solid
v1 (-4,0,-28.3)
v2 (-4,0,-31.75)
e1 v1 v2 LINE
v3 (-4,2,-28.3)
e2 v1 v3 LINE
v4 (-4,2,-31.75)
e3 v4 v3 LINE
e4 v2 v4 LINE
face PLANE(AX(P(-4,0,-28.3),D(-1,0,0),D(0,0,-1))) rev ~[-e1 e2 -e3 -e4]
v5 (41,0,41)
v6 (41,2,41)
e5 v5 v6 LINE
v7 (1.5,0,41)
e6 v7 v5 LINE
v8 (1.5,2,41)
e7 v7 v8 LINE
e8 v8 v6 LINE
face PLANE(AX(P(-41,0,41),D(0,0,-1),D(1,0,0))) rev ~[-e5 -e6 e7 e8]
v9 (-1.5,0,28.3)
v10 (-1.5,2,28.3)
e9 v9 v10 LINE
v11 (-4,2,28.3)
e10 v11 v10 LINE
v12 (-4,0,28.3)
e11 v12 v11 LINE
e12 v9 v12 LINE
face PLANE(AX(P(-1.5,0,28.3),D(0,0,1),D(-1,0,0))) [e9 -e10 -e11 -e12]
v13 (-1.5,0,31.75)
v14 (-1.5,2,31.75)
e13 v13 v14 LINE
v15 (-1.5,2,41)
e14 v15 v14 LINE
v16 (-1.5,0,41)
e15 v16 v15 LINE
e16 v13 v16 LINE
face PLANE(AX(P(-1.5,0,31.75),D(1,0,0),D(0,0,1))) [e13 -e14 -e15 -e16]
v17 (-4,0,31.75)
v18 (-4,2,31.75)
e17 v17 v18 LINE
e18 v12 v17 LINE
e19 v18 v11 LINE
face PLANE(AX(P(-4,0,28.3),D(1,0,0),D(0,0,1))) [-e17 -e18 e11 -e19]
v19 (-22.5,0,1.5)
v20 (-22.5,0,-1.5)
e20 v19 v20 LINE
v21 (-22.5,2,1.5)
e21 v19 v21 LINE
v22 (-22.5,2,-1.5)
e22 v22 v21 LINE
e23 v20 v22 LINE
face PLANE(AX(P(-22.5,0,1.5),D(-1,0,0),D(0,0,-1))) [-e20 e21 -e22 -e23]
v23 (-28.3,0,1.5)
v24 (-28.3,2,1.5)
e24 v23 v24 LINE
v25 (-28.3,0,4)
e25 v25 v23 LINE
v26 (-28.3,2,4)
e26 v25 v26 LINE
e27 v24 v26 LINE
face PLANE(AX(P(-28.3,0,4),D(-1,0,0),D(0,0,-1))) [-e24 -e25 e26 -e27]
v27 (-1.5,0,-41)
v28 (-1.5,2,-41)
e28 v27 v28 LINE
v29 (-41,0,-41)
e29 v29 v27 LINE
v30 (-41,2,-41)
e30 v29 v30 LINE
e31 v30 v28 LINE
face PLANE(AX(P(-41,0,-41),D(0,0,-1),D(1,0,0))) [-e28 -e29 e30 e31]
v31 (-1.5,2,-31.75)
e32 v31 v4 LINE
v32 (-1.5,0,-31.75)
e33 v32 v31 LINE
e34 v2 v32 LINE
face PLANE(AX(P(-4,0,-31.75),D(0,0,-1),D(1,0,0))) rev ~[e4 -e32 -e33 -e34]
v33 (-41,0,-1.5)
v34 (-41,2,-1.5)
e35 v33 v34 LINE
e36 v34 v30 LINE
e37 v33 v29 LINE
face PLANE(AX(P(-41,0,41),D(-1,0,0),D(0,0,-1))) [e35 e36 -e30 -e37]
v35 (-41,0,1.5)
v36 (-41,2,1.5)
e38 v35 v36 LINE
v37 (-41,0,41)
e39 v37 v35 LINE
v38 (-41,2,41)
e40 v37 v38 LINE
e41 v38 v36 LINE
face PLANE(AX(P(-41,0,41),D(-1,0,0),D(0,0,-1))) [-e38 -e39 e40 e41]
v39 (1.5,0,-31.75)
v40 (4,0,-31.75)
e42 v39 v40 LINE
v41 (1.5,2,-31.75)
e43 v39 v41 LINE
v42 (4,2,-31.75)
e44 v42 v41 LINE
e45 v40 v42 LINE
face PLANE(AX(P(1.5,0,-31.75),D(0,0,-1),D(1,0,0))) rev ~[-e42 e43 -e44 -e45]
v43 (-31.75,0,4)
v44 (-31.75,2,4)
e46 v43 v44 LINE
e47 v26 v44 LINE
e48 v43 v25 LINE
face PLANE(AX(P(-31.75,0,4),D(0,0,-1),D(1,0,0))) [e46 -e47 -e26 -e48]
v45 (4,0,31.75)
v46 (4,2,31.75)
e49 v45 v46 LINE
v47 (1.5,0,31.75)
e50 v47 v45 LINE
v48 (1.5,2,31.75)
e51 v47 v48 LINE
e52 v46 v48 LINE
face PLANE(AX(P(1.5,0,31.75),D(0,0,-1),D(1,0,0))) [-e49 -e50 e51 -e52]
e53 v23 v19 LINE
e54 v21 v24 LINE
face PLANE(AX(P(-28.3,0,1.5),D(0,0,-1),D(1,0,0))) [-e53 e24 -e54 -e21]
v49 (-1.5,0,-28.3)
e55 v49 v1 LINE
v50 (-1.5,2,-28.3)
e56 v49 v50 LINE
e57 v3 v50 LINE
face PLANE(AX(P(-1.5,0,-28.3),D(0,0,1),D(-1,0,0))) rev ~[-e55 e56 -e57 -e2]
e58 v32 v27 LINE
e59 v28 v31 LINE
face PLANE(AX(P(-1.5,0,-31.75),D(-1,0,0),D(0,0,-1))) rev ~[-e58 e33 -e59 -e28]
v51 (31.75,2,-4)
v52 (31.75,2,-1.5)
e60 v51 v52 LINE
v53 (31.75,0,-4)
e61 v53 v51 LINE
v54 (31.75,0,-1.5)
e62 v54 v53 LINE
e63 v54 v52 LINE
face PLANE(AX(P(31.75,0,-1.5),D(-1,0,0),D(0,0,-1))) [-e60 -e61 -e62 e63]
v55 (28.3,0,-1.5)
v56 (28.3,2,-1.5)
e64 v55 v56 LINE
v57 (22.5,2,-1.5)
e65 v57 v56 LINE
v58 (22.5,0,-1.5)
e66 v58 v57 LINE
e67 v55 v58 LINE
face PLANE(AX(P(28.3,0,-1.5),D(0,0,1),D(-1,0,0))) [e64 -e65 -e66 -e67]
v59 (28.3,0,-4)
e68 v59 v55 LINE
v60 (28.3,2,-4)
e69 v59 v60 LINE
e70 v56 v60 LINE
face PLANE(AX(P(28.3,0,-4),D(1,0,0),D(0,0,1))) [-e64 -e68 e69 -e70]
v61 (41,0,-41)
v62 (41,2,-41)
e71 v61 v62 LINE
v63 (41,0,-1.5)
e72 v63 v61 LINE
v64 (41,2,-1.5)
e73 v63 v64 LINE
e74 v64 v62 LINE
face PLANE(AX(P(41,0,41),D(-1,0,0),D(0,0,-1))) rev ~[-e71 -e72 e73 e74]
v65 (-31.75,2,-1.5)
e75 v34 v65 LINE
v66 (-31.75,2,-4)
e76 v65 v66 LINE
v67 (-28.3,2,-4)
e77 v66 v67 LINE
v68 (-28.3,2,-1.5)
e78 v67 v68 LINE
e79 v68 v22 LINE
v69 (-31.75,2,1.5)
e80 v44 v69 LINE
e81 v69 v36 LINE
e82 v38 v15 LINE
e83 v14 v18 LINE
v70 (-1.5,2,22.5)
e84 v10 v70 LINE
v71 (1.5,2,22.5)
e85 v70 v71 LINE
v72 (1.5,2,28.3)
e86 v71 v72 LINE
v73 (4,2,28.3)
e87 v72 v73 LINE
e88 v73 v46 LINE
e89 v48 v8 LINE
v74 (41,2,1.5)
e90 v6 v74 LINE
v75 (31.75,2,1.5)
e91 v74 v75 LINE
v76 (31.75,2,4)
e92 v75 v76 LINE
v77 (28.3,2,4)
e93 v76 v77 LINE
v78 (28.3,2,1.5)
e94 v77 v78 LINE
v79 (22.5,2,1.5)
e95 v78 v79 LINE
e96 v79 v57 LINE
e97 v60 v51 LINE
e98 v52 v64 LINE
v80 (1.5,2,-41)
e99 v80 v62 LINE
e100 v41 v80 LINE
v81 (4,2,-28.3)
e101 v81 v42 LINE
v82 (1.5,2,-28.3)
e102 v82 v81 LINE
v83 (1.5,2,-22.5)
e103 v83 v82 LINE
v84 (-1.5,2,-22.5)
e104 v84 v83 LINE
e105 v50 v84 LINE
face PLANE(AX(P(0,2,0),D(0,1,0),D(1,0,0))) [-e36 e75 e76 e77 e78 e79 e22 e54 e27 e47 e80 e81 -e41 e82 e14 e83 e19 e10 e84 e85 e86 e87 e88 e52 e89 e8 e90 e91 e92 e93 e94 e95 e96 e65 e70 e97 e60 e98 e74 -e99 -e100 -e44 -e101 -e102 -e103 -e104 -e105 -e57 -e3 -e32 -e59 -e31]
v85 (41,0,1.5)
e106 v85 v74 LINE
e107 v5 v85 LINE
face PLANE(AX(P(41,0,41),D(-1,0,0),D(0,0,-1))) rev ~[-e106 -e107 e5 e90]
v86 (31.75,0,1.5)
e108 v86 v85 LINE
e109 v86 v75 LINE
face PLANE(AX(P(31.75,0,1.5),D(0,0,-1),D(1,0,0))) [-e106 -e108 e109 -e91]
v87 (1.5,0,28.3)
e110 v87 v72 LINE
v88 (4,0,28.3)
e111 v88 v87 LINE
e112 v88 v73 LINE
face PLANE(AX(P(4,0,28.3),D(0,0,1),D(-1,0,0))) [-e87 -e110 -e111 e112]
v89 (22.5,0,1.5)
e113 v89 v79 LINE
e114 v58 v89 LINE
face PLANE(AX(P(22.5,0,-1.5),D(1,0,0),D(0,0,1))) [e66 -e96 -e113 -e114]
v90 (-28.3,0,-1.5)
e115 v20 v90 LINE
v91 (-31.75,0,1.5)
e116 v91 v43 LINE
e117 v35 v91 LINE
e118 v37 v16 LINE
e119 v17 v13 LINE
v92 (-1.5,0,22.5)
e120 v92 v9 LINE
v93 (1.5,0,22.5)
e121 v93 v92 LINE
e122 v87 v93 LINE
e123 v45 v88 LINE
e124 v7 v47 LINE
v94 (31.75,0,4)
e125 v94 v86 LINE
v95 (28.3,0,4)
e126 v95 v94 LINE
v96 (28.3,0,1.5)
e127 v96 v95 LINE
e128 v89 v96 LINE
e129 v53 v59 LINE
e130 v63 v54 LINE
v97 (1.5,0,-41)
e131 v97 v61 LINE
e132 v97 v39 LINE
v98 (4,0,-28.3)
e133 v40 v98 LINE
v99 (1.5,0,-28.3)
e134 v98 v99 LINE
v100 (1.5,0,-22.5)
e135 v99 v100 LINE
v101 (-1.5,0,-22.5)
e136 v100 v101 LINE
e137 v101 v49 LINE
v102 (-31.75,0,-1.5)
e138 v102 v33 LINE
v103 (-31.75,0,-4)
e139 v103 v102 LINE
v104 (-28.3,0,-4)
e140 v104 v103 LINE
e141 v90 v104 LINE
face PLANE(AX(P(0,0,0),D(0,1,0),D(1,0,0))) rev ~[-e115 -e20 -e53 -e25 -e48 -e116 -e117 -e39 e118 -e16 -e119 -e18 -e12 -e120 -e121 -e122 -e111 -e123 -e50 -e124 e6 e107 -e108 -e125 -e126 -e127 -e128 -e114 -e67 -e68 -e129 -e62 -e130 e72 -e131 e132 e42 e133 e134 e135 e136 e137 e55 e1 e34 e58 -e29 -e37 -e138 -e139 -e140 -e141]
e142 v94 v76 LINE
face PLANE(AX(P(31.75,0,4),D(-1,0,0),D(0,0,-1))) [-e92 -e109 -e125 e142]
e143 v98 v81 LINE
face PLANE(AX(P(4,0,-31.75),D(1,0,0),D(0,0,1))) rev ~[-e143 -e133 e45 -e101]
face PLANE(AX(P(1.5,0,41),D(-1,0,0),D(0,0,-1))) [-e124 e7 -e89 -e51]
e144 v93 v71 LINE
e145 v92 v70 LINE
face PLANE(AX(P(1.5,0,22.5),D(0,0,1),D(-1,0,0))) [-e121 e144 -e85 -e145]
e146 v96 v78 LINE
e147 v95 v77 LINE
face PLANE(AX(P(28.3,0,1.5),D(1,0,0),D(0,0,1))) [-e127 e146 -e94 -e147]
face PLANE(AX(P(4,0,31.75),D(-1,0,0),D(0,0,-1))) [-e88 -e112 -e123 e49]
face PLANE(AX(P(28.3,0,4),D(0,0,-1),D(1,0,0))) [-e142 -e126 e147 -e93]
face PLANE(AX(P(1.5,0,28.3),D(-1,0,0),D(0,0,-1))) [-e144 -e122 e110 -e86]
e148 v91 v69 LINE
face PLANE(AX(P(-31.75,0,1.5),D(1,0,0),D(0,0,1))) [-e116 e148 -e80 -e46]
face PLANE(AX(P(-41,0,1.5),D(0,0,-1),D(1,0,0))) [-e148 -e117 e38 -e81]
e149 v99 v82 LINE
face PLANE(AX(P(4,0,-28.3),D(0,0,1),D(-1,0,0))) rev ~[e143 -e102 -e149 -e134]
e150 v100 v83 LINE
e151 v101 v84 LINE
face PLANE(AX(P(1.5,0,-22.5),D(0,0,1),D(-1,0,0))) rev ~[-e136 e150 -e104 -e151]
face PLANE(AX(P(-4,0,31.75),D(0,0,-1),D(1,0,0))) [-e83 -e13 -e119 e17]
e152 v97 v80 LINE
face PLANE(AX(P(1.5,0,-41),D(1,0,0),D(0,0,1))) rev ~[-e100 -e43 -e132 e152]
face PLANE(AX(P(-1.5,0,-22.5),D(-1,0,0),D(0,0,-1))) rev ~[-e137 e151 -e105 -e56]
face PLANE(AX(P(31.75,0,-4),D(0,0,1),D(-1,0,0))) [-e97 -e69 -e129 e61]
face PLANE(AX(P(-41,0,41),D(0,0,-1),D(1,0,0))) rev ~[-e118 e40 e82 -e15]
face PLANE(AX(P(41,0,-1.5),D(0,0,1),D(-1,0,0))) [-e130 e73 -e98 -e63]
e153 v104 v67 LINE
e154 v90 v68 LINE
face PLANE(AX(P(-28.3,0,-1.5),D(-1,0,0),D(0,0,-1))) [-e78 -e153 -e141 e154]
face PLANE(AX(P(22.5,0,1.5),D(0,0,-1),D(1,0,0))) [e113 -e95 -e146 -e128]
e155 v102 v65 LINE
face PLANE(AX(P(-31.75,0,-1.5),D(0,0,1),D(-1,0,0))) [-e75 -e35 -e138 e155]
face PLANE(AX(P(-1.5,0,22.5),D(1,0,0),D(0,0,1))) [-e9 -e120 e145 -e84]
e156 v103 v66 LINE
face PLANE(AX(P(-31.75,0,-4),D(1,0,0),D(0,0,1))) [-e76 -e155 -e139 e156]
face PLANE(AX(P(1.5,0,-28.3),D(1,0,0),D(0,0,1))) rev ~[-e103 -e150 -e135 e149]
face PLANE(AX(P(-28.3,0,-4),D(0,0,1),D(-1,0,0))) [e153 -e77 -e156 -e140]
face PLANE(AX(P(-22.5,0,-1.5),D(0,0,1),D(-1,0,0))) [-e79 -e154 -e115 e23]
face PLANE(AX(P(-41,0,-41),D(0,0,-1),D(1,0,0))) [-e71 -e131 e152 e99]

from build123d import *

# Parameters (mm, degrees)
SKETCH1_W           = 82
SKETCH1_H           = 82
BOSS_EXTRUDE1_DEPTH = 2
CUT_EXTRUDE2_DEPTH  = 10


with BuildPart() as part:
    # Sketch1 → Boss-Extrude1 (new body)
    with BuildSketch(Plane(origin=(0, 0, 0), x_dir=(1, 0, 0), z_dir=(0, 1, 0))):
        Rectangle(SKETCH1_W, SKETCH1_H)
    extrude(amount=BOSS_EXTRUDE1_DEPTH)

    # Sketch2 → Cut-Extrude2 (cut)
    with BuildSketch(Plane(origin=(0, 0, 0), x_dir=(-1, 0, 0), z_dir=(0, -1, 0))):
        Polygon((-1.5, 22.5), (1.5, 22.5), (1.5, 28.3), (4, 28.3), (4, 31.75), (1.5, 31.75), (1.5, 41), (-1.5, 41), (-1.5, 31.75), (-4, 31.75), (-4, 28.3), (-1.5, 28.3), align=None)
        Polygon((28.3, -4), (28.3, -1.5), (22.5, -1.5), (22.5, 1.5), (28.3, 1.5), (28.3, 4), (31.75, 4), (31.75, 1.5), (41, 1.5), (41, -1.5), (31.75, -1.5), (31.75, -4), align=None)
        Polygon((-4, -28.3), (-1.5, -28.3), (-1.5, -22.5), (1.5, -22.5), (1.5, -28.3), (4, -28.3), (4, -31.75), (1.5, -31.75), (1.5, -41), (-1.5, -41), (-1.5, -31.75), (-4, -31.75), align=None)
        Polygon((-28.3, 4), (-28.3, 1.5), (-22.5, 1.5), (-22.5, -1.5), (-28.3, -1.5), (-28.3, -4), (-31.75, -4), (-31.75, -1.5), (-41, -1.5), (-41, 1.5), (-31.75, 1.5), (-31.75, 4), align=None)
    extrude(amount=-CUT_EXTRUDE2_DEPTH, mode=Mode.SUBTRACT)


solid = part.part
